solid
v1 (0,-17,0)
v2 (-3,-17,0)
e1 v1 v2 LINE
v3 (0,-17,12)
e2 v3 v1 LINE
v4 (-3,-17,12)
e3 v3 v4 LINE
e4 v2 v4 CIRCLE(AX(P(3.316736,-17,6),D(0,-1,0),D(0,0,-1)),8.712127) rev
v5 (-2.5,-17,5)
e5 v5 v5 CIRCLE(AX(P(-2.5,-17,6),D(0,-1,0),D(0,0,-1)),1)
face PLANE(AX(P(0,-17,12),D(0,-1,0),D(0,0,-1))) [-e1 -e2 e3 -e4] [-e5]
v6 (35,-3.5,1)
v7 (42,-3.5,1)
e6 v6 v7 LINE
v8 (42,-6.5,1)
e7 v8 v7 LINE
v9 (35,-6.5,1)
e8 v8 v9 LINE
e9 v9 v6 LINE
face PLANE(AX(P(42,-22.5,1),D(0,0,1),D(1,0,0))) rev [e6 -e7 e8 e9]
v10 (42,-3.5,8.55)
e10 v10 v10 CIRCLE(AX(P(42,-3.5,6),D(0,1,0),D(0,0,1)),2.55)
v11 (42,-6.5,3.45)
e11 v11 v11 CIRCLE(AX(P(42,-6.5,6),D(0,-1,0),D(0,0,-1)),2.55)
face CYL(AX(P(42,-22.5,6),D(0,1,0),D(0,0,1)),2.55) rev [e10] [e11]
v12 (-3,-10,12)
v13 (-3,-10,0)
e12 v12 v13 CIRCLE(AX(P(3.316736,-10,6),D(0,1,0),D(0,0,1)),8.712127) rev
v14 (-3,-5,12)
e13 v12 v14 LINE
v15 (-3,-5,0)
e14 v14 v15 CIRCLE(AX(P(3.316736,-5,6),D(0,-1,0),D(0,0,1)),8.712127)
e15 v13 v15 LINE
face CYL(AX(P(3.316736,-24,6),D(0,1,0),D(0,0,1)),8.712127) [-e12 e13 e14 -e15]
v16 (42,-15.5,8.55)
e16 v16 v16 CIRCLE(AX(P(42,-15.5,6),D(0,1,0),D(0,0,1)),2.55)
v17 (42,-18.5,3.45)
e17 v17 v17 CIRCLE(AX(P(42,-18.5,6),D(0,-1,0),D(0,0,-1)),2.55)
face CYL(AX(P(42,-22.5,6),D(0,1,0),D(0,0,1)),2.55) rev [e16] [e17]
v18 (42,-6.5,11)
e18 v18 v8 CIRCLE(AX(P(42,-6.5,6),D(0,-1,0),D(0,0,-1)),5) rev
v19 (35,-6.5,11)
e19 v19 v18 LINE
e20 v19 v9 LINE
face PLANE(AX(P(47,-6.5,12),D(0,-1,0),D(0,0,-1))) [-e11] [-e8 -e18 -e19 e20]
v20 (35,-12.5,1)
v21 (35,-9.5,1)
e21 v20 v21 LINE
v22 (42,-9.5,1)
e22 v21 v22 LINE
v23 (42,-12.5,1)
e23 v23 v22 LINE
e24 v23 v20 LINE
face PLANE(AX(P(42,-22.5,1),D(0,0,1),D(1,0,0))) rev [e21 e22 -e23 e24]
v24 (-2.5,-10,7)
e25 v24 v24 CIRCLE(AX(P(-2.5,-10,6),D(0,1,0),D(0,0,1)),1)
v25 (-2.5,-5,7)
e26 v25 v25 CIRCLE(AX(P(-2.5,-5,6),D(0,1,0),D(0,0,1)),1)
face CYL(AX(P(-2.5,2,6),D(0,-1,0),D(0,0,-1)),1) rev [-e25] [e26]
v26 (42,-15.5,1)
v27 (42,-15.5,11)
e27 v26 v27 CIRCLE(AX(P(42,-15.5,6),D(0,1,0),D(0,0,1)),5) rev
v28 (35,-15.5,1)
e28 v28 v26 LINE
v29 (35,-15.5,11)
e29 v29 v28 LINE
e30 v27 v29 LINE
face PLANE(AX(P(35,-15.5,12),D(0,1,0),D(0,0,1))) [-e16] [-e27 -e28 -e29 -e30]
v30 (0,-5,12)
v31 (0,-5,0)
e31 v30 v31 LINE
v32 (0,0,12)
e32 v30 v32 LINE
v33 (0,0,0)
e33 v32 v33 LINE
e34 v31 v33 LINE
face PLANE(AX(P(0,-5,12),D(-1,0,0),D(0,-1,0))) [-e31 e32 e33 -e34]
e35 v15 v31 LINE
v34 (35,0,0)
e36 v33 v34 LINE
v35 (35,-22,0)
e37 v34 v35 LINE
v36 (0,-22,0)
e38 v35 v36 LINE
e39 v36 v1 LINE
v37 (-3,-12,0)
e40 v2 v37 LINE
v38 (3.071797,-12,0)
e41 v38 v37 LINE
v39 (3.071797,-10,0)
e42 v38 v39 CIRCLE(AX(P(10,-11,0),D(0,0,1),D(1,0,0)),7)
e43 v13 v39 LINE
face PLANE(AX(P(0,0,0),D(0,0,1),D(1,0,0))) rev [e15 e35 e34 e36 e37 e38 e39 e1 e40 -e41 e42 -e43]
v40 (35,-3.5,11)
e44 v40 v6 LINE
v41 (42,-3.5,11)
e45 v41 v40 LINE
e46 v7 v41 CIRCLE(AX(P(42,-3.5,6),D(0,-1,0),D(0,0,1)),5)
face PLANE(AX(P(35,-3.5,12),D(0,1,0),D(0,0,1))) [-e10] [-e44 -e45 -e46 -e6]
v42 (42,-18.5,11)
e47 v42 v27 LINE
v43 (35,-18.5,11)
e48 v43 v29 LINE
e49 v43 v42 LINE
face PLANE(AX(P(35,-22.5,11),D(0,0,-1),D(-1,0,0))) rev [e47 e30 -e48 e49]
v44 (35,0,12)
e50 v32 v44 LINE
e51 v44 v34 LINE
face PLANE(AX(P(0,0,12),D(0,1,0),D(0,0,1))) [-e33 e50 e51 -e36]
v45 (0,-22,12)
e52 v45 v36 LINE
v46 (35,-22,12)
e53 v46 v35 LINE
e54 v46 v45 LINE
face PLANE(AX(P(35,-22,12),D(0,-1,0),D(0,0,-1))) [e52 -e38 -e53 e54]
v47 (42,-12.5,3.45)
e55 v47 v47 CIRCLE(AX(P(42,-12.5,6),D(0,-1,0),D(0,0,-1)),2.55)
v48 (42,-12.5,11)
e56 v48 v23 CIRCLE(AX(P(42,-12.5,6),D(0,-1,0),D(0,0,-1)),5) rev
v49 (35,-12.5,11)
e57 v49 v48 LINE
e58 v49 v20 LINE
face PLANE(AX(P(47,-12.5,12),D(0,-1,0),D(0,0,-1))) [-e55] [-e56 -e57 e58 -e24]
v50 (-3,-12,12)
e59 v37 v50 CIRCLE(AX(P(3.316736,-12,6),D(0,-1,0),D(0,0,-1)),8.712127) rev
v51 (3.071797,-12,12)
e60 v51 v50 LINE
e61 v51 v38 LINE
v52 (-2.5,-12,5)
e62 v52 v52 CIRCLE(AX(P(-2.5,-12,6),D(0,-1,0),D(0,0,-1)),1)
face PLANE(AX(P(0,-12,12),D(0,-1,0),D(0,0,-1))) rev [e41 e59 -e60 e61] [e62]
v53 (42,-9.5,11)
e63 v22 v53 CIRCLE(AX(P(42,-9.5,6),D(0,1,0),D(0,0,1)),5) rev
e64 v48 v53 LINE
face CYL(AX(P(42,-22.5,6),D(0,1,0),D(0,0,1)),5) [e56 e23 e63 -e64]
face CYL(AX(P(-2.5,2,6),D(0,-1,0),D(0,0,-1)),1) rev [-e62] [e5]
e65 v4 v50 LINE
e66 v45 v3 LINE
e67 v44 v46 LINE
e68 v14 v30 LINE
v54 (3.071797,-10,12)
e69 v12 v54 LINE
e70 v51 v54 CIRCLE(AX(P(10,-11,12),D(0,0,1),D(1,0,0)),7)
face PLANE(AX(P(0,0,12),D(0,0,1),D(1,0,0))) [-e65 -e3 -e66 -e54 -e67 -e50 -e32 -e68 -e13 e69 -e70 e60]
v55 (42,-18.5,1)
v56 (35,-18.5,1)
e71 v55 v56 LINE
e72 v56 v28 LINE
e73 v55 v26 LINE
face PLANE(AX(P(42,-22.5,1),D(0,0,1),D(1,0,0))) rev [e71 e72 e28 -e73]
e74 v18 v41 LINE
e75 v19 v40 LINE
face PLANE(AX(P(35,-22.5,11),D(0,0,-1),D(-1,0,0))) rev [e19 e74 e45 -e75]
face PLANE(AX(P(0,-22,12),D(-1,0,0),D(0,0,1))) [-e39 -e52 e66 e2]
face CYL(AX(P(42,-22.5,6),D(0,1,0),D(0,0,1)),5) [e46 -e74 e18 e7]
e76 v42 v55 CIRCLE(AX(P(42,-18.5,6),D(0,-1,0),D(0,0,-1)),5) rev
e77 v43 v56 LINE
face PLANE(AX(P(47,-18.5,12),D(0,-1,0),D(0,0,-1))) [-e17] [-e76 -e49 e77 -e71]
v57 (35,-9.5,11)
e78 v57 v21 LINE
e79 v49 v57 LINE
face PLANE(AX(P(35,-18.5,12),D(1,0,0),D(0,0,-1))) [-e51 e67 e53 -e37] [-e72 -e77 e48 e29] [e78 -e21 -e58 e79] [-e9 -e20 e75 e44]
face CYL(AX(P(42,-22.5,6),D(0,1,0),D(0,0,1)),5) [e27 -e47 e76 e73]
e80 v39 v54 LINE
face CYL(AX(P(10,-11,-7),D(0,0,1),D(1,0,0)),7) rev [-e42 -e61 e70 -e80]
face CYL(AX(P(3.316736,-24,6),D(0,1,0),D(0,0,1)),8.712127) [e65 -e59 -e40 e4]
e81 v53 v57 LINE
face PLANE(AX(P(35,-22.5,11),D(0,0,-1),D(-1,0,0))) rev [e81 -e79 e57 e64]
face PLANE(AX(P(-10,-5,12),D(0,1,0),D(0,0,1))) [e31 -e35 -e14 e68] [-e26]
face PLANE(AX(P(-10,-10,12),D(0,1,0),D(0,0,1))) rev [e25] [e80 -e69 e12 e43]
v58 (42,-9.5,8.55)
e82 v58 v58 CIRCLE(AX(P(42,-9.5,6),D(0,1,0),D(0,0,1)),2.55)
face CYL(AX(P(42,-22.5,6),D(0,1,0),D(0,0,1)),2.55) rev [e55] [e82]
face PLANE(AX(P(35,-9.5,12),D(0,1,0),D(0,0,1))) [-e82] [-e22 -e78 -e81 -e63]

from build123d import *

# Parameters (mm, degrees)
EXTRUDE_1_DEPTH     = 12
SKETCH_2_R          = 2.55
CUT_EXTRUDE_1_DEPTH = 19
CUT_EXTRUDE_2_DEPTH = 19
SKETCH_4_R          = 1
CUT_EXTRUDE_3_DEPTH = 19
SKETCH_5_W          = 10
SKETCH_5_H          = 2
CUT_EXTRUDE_4_DEPTH = 19
SKETCH_6_R          = 7
CUT_EXTRUDE_5_DEPTH = 19
CUT_EXTRUDE_6_DEPTH = 19


with BuildPart() as part:
    # 草图1 → 凸台-拉伸1 (new body)
    with BuildSketch(Plane.XY):
        Polygon((0, 0), (35, 0), (35, -3.5), (47, -3.5), (47, -6.5), (35, -6.5), (35, -9.5), (47, -9.5), (47, -12.5), (35, -12.5), (35, -15.5), (47, -15.5), (47, -18.5), (35, -18.5), (35, -22), (0, -22), (0, -17), (-10, -17), (-10, -12), (0, -12), (0, -10), (-10, -10), (-10, -5), (0, -5), align=None)
    extrude(amount=EXTRUDE_1_DEPTH)

    # 草图2 → 切除-拉伸1 (cut)
    with BuildSketch(Plane(origin=(0, -3.5, 0), x_dir=(1, 0, 0), z_dir=(0, 1, 0))):
        with Locations((42, -6)):
            Circle(SKETCH_2_R)
    extrude(amount=-CUT_EXTRUDE_1_DEPTH, mode=Mode.SUBTRACT)

    # 草图3 → 切除-拉伸2 (cut)
    with BuildSketch(Plane(origin=(0, -3.5, 0), x_dir=(1, 0, 0), z_dir=(0, 1, 0))):
        with BuildLine():
            Line((42, -1), (35, -1))
            Line((35, -1), (35, 1.362905895))
            Line((35, 1.362905895), (53.328864927, 1.362905895))
            Line((53.328864927, 1.362905895), (53.328864927, -14.813237877))
            Line((53.328864927, -14.813237877), (35, -14.813237877))
            Line((35, -14.813237877), (35, -11))
            Line((35, -11), (42, -11))
            ThreePointArc((42, -11), (47, -6), (42, -1))
        make_face()
    extrude(amount=-CUT_EXTRUDE_2_DEPTH, mode=Mode.SUBTRACT)

    # 草图4 → 切除-拉伸3 (cut)
    with BuildSketch(Plane.XZ.offset(17)):
        with Locations((-2.5, 6)):
            Circle(SKETCH_4_R)
    extrude(amount=-CUT_EXTRUDE_3_DEPTH, mode=Mode.SUBTRACT)

    # 草图5 → 切除-拉伸4 (cut)
    with BuildSketch(Plane.XY.offset(12)):
        with Locations((5, -11)):
            Rectangle(SKETCH_5_W, SKETCH_5_H)
    extrude(amount=-CUT_EXTRUDE_4_DEPTH, mode=Mode.SUBTRACT)

    # 草图6 → 切除-拉伸5 (cut)
    with BuildSketch(Plane.XY.offset(12)):
        with Locations((10, -11)):
            Circle(SKETCH_6_R)
    extrude(amount=-CUT_EXTRUDE_5_DEPTH, mode=Mode.SUBTRACT)

    # 草图7 → 切除-拉伸6 (cut)
    with BuildSketch(Plane(origin=(0, -5, 0), x_dir=(1, 0, 0), z_dir=(0, 1, 0))):
        with BuildLine():
            Line((-3, -12), (-3, -16.245470045))
            Line((-3, -16.245470045), (-15.241663488, -16.245470045))
            Line((-15.241663488, -16.245470045), (-15.241663488, 3.326156632))
            Line((-15.241663488, 3.326156632), (-3, 3.326156632))
            Line((-3, 3.326156632), (-3, 0))
            ThreePointArc((-3, 0), (-5.395390723, -6), (-3, -12))
        make_face()
    extrude(amount=-CUT_EXTRUDE_6_DEPTH, mode=Mode.SUBTRACT)


solid = part.part
